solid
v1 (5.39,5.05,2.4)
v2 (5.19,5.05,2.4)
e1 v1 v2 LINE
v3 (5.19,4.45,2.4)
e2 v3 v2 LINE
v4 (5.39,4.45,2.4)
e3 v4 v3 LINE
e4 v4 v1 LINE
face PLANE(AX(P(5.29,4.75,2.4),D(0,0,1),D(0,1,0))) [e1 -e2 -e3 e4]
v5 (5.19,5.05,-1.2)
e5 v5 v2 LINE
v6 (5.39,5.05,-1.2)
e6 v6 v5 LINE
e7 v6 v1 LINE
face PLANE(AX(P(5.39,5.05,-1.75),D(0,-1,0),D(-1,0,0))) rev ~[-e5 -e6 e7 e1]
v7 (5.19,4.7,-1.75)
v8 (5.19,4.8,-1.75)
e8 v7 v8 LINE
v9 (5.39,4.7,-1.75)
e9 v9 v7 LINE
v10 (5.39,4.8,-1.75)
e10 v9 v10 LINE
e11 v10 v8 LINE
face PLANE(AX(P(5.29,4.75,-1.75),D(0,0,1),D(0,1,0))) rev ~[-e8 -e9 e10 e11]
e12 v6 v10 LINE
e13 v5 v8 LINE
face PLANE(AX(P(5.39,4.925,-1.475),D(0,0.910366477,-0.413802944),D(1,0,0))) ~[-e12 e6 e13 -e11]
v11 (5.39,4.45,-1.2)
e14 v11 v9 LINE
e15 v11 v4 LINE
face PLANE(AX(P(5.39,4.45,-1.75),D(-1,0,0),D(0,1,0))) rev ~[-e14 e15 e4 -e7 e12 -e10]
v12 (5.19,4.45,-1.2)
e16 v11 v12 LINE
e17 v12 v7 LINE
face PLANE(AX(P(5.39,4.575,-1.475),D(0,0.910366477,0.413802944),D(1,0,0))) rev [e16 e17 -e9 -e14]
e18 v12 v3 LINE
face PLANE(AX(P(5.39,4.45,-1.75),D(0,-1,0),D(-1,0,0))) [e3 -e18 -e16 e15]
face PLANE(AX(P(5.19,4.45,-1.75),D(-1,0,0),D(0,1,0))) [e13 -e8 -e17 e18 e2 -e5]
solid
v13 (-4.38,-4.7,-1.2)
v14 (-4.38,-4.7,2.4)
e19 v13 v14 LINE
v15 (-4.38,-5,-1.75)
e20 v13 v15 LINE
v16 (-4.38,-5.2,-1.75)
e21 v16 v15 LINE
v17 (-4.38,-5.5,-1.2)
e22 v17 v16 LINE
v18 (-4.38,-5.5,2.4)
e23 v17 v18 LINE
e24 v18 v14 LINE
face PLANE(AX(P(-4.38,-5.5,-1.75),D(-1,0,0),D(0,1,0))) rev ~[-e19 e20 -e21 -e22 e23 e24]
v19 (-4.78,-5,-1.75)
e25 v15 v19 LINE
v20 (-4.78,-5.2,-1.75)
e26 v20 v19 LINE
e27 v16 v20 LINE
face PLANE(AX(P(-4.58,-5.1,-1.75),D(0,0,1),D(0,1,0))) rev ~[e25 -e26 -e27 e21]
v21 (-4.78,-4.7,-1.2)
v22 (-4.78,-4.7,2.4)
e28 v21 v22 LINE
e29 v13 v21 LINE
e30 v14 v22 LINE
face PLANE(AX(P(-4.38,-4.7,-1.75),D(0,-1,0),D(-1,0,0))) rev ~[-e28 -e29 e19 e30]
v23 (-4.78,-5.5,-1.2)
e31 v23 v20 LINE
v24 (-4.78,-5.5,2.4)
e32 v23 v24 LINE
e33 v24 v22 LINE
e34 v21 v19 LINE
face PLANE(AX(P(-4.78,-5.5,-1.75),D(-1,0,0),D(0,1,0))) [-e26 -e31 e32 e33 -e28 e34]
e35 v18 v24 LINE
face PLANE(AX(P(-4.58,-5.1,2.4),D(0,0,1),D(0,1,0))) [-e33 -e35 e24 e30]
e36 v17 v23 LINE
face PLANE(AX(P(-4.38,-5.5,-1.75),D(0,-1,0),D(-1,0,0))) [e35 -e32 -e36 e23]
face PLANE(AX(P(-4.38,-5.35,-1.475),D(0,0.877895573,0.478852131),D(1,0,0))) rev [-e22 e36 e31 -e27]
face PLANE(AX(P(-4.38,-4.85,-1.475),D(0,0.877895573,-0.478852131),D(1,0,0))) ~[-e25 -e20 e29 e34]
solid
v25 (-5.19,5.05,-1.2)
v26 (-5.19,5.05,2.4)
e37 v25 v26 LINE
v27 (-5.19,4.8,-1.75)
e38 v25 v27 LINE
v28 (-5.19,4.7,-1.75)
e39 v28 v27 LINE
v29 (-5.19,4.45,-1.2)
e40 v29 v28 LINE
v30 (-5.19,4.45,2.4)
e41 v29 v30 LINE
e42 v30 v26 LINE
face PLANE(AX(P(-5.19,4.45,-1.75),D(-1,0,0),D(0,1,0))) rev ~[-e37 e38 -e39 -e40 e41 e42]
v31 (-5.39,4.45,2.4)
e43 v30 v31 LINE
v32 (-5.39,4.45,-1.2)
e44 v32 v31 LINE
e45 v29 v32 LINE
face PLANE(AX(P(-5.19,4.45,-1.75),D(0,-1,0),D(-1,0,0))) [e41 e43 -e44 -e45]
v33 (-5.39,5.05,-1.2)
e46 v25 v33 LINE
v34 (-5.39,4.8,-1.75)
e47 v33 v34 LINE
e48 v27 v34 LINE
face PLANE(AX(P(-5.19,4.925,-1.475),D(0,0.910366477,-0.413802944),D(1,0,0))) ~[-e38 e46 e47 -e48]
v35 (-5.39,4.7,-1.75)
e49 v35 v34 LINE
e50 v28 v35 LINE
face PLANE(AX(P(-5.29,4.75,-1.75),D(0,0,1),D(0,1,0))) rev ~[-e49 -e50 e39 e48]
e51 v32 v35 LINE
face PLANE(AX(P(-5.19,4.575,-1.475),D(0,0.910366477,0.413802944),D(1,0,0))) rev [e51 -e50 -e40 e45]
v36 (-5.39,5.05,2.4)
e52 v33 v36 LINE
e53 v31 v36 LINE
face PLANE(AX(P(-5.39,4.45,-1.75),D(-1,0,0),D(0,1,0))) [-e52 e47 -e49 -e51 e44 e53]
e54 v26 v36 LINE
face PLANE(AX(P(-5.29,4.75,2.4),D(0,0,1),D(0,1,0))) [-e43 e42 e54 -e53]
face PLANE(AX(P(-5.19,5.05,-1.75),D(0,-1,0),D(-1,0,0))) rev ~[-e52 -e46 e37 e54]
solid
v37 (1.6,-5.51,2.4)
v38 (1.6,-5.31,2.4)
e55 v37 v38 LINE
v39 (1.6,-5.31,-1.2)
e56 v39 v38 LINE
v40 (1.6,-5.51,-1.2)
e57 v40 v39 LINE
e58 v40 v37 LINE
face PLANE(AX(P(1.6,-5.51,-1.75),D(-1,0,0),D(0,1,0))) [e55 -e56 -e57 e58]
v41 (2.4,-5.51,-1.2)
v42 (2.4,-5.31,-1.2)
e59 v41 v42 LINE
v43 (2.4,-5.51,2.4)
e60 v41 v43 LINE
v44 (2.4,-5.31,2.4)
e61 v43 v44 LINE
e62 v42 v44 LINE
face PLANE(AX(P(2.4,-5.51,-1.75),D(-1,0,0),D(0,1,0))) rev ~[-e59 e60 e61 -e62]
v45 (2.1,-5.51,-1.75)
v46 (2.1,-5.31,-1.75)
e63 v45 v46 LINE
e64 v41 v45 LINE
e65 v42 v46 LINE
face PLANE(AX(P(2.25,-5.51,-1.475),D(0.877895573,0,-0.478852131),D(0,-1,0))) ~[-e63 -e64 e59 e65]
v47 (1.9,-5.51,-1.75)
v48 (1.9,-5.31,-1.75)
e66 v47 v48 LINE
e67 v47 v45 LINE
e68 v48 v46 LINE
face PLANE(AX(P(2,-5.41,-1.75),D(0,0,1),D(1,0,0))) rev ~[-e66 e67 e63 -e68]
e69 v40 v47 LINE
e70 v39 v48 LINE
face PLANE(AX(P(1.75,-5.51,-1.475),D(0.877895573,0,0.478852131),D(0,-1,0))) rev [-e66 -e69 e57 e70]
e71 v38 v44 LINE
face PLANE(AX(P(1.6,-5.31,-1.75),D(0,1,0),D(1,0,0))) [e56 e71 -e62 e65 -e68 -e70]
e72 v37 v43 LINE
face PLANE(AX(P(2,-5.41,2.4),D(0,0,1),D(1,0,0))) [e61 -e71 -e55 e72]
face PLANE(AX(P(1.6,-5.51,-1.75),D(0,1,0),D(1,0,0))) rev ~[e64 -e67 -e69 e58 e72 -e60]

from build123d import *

# Parameters (mm, degrees)
BOX035_W           = 0.6
BOX035_H           = 0.2
BOX035_DEPTH       = 4.15
CHAMFER023_1_SIZE2 = 0.25
CHAMFER023_1_SIZE  = 0.55
CHAMFER023_2_SIZE2 = 0.25
CHAMFER023_2_SIZE  = 0.55
BOX034_W           = 0.8
BOX034_H           = 0.4
BOX034_DEPTH       = 4.15
CHAMFER022_1_SIZE2 = 0.3
CHAMFER022_1_SIZE  = 0.55
CHAMFER022_2_SIZE2 = 0.3
CHAMFER022_2_SIZE  = 0.55
BOX033_W           = 0.8
BOX033_H           = 0.2
BOX033_DEPTH       = 4.15
CHAMFER021_1_SIZE2 = 0.3
CHAMFER021_1_SIZE  = 0.55
CHAMFER021_2_SIZE2 = 0.3
CHAMFER021_2_SIZE  = 0.55
BOX036_W           = 0.6
BOX036_H           = 0.2
BOX036_DEPTH       = 4.15
CHAMFER024_1_SIZE2 = 0.25
CHAMFER024_1_SIZE  = 0.55
CHAMFER024_2_SIZE2 = 0.25
CHAMFER024_2_SIZE  = 0.55


with BuildPart() as pg1232_pin3:
    # Box035 → Box035 (new body)
    with BuildSketch(Plane(origin=(5.39, 4.45, -1.75), x_dir=(0, 1, 0), z_dir=(0, 0, 1))):
        with Locations((0.3, 0.1)):
            Rectangle(BOX035_W, BOX035_H)
    extrude(amount=BOX035_DEPTH)

    # Chamfer023 1
    chamfer023_1_edges = [pg1232_pin3.edges().sort_by_distance(p)[0] for p in [
        (5.29, 5.05, -1.75),
    ]]
    chamfer023_1_side = pg1232_pin3.faces().sort_by_distance((5.29, 5.05, 0.325))[0]
    chamfer(chamfer023_1_edges, length=CHAMFER023_1_SIZE, length2=CHAMFER023_1_SIZE2, reference=chamfer023_1_side)

    # Chamfer023 2
    chamfer023_2_edges = [pg1232_pin3.edges().sort_by_distance(p)[0] for p in [
        (5.29, 4.45, -1.75),
    ]]
    chamfer023_2_side = pg1232_pin3.faces().sort_by_distance((5.29, 4.45, 0.325))[0]
    chamfer(chamfer023_2_edges, length=CHAMFER023_2_SIZE, length2=CHAMFER023_2_SIZE2, reference=chamfer023_2_side)


with BuildPart() as pg1232_pin2:
    # Box034 → Box034 (new body)
    with BuildSketch(Plane(origin=(-4.38, -5.5, -1.75), x_dir=(0, 1, 0), z_dir=(0, 0, 1))):
        with Locations((0.4, 0.2)):
            Rectangle(BOX034_W, BOX034_H)
    extrude(amount=BOX034_DEPTH)

    # Chamfer022 1
    chamfer022_1_edges = [pg1232_pin2.edges().sort_by_distance(p)[0] for p in [
        (-4.58, -4.7, -1.75),
    ]]
    chamfer022_1_side = pg1232_pin2.faces().sort_by_distance((-4.58, -4.7, 0.325))[0]
    chamfer(chamfer022_1_edges, length=CHAMFER022_1_SIZE, length2=CHAMFER022_1_SIZE2, reference=chamfer022_1_side)

    # Chamfer022 2
    chamfer022_2_edges = [pg1232_pin2.edges().sort_by_distance(p)[0] for p in [
        (-4.58, -5.5, -1.75),
    ]]
    chamfer022_2_side = pg1232_pin2.faces().sort_by_distance((-4.58, -5.5, 0.325))[0]
    chamfer(chamfer022_2_edges, length=CHAMFER022_2_SIZE, length2=CHAMFER022_2_SIZE2, reference=chamfer022_2_side)


with BuildPart() as pg1232_pin1:
    # Box033 → Box033 (new body)
    with BuildSketch(Plane(origin=(1.6, -5.51, -1.75), x_dir=(1, 0, 0), z_dir=(0, 0, 1))):
        with Locations((0.4, 0.1)):
            Rectangle(BOX033_W, BOX033_H)
    extrude(amount=BOX033_DEPTH)

    # Chamfer021 1
    chamfer021_1_edges = [pg1232_pin1.edges().sort_by_distance(p)[0] for p in [
        (2.4, -5.41, -1.75),
    ]]
    chamfer021_1_side = pg1232_pin1.faces().sort_by_distance((2.4, -5.41, 0.325))[0]
    chamfer(chamfer021_1_edges, length=CHAMFER021_1_SIZE, length2=CHAMFER021_1_SIZE2, reference=chamfer021_1_side)

    # Chamfer021 2
    chamfer021_2_edges = [pg1232_pin1.edges().sort_by_distance(p)[0] for p in [
        (1.6, -5.41, -1.75),
    ]]
    chamfer021_2_side = pg1232_pin1.faces().sort_by_distance((1.6, -5.41, 0.325))[0]
    chamfer(chamfer021_2_edges, length=CHAMFER021_2_SIZE, length2=CHAMFER021_2_SIZE2, reference=chamfer021_2_side)


with BuildPart() as pg1232_pins:
    # Box036 → Box036 (new body)
    with BuildSketch(Plane(origin=(-5.19, 4.45, -1.75), x_dir=(0, 1, 0), z_dir=(0, 0, 1))):
        with Locations((0.3, 0.1)):
            Rectangle(BOX036_W, BOX036_H)
    extrude(amount=BOX036_DEPTH)

    # Chamfer024 1
    chamfer024_1_edges = [pg1232_pins.edges().sort_by_distance(p)[0] for p in [
        (-5.29, 5.05, -1.75),
    ]]
    chamfer024_1_side = pg1232_pins.faces().sort_by_distance((-5.29, 5.05, 0.325))[0]
    chamfer(chamfer024_1_edges, length=CHAMFER024_1_SIZE, length2=CHAMFER024_1_SIZE2, reference=chamfer024_1_side)

    # Chamfer024 2
    chamfer024_2_edges = [pg1232_pins.edges().sort_by_distance(p)[0] for p in [
        (-5.29, 4.45, -1.75),
    ]]
    chamfer024_2_side = pg1232_pins.faces().sort_by_distance((-5.29, 4.45, 0.325))[0]
    chamfer(chamfer024_2_edges, length=CHAMFER024_2_SIZE, length2=CHAMFER024_2_SIZE2, reference=chamfer024_2_side)

    # Fusion009: union PG1232_Pin3, PG1232_Pin2, PG1232_Pin1
    add(pg1232_pin3.part)
    add(pg1232_pin2.part)
    add(pg1232_pin1.part)


solid = pg1232_pins.part
